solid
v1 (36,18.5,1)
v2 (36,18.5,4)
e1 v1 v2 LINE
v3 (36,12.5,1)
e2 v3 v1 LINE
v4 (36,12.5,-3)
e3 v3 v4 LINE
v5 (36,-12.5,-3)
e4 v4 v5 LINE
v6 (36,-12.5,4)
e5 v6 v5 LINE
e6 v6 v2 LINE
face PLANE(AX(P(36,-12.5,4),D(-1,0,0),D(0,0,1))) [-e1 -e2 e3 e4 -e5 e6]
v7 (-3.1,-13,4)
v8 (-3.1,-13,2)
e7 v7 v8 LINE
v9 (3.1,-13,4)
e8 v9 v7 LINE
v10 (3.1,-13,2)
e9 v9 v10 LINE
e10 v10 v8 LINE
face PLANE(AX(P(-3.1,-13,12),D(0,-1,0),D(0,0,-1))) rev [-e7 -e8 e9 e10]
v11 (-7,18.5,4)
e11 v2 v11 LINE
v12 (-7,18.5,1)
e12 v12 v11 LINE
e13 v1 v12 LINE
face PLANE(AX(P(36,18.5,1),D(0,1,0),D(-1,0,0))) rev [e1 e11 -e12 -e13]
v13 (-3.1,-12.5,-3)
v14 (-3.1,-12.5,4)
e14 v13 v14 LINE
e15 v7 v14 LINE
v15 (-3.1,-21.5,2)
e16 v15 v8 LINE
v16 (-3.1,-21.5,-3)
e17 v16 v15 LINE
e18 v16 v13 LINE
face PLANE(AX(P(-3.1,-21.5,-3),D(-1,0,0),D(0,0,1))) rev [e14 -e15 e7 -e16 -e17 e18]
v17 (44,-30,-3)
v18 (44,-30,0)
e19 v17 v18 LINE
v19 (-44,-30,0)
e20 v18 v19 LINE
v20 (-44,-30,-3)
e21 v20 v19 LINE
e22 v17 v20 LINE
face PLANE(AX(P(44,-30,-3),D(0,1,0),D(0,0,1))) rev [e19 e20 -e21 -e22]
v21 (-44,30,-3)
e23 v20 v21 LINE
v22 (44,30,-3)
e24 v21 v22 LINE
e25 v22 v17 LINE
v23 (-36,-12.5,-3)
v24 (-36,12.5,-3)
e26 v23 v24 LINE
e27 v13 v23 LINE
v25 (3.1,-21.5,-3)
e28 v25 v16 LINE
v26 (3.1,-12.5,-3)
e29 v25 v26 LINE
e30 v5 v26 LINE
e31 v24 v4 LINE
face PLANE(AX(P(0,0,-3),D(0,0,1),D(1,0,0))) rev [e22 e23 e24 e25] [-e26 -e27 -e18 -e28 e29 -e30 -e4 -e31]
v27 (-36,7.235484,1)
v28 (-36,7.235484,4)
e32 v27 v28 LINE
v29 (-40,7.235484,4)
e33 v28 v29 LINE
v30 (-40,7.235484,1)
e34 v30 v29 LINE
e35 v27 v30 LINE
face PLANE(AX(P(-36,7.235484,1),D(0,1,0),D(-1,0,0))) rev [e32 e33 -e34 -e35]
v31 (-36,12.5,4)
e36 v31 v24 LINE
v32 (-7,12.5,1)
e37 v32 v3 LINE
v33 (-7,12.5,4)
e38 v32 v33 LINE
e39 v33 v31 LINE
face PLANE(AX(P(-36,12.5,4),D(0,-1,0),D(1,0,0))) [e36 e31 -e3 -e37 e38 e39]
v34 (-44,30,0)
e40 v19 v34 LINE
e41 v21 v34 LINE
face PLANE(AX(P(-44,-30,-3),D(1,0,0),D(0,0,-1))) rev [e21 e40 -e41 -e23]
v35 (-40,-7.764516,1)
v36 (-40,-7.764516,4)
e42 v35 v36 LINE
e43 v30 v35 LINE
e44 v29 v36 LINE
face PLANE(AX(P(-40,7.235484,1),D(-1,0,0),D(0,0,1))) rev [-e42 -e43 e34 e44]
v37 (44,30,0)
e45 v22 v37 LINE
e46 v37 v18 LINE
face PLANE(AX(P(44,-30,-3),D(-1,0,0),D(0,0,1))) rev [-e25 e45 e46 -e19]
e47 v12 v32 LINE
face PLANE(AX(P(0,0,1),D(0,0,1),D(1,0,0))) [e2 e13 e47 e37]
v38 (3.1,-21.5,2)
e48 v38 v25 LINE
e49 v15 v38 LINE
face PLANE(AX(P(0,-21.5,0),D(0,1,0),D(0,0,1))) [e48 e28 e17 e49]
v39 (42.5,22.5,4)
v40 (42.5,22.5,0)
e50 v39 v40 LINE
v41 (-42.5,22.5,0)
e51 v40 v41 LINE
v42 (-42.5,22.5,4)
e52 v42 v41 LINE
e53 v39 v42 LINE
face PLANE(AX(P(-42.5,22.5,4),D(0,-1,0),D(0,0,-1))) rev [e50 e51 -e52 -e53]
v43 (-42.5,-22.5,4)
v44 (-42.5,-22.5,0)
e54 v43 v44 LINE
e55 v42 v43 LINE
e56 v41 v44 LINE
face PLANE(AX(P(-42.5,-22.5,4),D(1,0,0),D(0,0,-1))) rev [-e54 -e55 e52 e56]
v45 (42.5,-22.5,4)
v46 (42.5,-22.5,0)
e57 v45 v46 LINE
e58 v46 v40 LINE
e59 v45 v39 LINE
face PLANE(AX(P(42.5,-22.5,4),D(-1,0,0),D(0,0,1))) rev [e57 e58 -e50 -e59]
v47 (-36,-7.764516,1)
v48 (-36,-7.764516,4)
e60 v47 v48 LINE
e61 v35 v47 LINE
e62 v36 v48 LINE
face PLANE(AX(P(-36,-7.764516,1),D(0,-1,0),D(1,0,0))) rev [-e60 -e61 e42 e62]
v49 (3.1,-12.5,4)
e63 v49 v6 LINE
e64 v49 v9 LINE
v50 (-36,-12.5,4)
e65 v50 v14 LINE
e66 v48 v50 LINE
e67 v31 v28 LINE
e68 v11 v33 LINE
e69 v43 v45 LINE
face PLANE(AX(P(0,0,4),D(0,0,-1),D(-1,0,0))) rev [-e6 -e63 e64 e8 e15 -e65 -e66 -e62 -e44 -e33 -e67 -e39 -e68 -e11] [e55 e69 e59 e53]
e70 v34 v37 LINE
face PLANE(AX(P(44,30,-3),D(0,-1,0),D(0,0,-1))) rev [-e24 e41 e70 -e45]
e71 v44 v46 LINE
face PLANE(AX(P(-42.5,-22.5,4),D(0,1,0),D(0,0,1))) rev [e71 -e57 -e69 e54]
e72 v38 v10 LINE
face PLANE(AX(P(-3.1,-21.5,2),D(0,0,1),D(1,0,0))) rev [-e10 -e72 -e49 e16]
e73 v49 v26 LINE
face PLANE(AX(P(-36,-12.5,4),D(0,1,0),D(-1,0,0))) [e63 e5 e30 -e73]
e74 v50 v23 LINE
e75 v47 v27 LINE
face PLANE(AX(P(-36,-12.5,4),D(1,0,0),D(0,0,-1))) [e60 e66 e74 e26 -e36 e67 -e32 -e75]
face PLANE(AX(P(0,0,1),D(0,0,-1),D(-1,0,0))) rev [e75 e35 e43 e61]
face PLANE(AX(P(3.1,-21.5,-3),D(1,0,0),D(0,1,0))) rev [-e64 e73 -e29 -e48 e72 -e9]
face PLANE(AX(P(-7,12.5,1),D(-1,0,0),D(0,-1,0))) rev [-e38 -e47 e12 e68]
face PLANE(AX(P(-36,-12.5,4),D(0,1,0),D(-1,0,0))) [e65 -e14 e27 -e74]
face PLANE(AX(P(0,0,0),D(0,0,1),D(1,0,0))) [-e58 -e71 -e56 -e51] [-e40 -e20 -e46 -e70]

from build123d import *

# Parameters (mm, degrees)
SKETCH5_W           = 85
SKETCH5_H           = 45
SKETCH5_W_2         = 72
SKETCH5_H_2         = 25
BOSS_EXTRUDE3_DEPTH = 4
SKETCH10_W          = 88
SKETCH10_H          = 60
SKETCH10_W_2        = 72
SKETCH10_H_2        = 25
BOSS_EXTRUDE4_DEPTH = 3
SKETCH12_W          = 4
SKETCH12_H          = 15
CUT_EXTRUDE6_DEPTH  = 3
SKETCH13_W          = 43
SKETCH13_H          = 6
CUT_EXTRUDE7_DEPTH  = 3
SKETCH18_W          = 6.2
SKETCH18_H          = 5
CUT_EXTRUDE10_DEPTH = 9
SKETCH19_W          = 6.2
SKETCH19_H          = 0.5
CUT_EXTRUDE11_DEPTH = 10


with BuildPart() as part:
    # Sketch5 → Boss-Extrude3 (new body)
    with BuildSketch(Plane.XY):
        Rectangle(SKETCH5_W, SKETCH5_H)
        Rectangle(SKETCH5_W_2, SKETCH5_H_2, mode=Mode.SUBTRACT)
    extrude(amount=BOSS_EXTRUDE3_DEPTH)

    # Sketch10 → Boss-Extrude4 (add)
    with BuildSketch(Plane(origin=(0, 0, 0), x_dir=(-1, 0, 0), z_dir=(0, 0, -1))):
        Rectangle(SKETCH10_W, SKETCH10_H)
        Rectangle(SKETCH10_W_2, SKETCH10_H_2, mode=Mode.SUBTRACT)
    extrude(amount=BOSS_EXTRUDE4_DEPTH)

    # Sketch12 → Cut-Extrude6 (cut)
    with BuildSketch(Plane.XY.offset(4)):
        with Locations((-38, -0.264516135)):
            Rectangle(SKETCH12_W, SKETCH12_H)
    extrude(amount=-CUT_EXTRUDE6_DEPTH, mode=Mode.SUBTRACT)

    # Sketch13 → Cut-Extrude7 (cut)
    with BuildSketch(Plane.XY.offset(4)):
        with Locations((14.5, 15.5)):
            Rectangle(SKETCH13_W, SKETCH13_H)
    extrude(amount=-CUT_EXTRUDE7_DEPTH, mode=Mode.SUBTRACT)

    # Sketch18 → Cut-Extrude10 (cut)
    with BuildSketch(Plane(origin=(0, -12.5, 0), x_dir=(1, 0, 0), z_dir=(0, 1, 0))):
        with Locations((0, 0.5)):
            Rectangle(SKETCH18_W, SKETCH18_H)
    extrude(amount=-CUT_EXTRUDE10_DEPTH, mode=Mode.SUBTRACT)

    # Sketch19 → Cut-Extrude11 (cut)
    with BuildSketch(Plane(origin=(0, 0, 2), x_dir=(-1, 0, 0), z_dir=(0, 0, -1))):
        with Locations((0, -12.75)):
            Rectangle(SKETCH19_W, SKETCH19_H)
    extrude(amount=-CUT_EXTRUDE11_DEPTH, mode=Mode.SUBTRACT)


solid = part.part
